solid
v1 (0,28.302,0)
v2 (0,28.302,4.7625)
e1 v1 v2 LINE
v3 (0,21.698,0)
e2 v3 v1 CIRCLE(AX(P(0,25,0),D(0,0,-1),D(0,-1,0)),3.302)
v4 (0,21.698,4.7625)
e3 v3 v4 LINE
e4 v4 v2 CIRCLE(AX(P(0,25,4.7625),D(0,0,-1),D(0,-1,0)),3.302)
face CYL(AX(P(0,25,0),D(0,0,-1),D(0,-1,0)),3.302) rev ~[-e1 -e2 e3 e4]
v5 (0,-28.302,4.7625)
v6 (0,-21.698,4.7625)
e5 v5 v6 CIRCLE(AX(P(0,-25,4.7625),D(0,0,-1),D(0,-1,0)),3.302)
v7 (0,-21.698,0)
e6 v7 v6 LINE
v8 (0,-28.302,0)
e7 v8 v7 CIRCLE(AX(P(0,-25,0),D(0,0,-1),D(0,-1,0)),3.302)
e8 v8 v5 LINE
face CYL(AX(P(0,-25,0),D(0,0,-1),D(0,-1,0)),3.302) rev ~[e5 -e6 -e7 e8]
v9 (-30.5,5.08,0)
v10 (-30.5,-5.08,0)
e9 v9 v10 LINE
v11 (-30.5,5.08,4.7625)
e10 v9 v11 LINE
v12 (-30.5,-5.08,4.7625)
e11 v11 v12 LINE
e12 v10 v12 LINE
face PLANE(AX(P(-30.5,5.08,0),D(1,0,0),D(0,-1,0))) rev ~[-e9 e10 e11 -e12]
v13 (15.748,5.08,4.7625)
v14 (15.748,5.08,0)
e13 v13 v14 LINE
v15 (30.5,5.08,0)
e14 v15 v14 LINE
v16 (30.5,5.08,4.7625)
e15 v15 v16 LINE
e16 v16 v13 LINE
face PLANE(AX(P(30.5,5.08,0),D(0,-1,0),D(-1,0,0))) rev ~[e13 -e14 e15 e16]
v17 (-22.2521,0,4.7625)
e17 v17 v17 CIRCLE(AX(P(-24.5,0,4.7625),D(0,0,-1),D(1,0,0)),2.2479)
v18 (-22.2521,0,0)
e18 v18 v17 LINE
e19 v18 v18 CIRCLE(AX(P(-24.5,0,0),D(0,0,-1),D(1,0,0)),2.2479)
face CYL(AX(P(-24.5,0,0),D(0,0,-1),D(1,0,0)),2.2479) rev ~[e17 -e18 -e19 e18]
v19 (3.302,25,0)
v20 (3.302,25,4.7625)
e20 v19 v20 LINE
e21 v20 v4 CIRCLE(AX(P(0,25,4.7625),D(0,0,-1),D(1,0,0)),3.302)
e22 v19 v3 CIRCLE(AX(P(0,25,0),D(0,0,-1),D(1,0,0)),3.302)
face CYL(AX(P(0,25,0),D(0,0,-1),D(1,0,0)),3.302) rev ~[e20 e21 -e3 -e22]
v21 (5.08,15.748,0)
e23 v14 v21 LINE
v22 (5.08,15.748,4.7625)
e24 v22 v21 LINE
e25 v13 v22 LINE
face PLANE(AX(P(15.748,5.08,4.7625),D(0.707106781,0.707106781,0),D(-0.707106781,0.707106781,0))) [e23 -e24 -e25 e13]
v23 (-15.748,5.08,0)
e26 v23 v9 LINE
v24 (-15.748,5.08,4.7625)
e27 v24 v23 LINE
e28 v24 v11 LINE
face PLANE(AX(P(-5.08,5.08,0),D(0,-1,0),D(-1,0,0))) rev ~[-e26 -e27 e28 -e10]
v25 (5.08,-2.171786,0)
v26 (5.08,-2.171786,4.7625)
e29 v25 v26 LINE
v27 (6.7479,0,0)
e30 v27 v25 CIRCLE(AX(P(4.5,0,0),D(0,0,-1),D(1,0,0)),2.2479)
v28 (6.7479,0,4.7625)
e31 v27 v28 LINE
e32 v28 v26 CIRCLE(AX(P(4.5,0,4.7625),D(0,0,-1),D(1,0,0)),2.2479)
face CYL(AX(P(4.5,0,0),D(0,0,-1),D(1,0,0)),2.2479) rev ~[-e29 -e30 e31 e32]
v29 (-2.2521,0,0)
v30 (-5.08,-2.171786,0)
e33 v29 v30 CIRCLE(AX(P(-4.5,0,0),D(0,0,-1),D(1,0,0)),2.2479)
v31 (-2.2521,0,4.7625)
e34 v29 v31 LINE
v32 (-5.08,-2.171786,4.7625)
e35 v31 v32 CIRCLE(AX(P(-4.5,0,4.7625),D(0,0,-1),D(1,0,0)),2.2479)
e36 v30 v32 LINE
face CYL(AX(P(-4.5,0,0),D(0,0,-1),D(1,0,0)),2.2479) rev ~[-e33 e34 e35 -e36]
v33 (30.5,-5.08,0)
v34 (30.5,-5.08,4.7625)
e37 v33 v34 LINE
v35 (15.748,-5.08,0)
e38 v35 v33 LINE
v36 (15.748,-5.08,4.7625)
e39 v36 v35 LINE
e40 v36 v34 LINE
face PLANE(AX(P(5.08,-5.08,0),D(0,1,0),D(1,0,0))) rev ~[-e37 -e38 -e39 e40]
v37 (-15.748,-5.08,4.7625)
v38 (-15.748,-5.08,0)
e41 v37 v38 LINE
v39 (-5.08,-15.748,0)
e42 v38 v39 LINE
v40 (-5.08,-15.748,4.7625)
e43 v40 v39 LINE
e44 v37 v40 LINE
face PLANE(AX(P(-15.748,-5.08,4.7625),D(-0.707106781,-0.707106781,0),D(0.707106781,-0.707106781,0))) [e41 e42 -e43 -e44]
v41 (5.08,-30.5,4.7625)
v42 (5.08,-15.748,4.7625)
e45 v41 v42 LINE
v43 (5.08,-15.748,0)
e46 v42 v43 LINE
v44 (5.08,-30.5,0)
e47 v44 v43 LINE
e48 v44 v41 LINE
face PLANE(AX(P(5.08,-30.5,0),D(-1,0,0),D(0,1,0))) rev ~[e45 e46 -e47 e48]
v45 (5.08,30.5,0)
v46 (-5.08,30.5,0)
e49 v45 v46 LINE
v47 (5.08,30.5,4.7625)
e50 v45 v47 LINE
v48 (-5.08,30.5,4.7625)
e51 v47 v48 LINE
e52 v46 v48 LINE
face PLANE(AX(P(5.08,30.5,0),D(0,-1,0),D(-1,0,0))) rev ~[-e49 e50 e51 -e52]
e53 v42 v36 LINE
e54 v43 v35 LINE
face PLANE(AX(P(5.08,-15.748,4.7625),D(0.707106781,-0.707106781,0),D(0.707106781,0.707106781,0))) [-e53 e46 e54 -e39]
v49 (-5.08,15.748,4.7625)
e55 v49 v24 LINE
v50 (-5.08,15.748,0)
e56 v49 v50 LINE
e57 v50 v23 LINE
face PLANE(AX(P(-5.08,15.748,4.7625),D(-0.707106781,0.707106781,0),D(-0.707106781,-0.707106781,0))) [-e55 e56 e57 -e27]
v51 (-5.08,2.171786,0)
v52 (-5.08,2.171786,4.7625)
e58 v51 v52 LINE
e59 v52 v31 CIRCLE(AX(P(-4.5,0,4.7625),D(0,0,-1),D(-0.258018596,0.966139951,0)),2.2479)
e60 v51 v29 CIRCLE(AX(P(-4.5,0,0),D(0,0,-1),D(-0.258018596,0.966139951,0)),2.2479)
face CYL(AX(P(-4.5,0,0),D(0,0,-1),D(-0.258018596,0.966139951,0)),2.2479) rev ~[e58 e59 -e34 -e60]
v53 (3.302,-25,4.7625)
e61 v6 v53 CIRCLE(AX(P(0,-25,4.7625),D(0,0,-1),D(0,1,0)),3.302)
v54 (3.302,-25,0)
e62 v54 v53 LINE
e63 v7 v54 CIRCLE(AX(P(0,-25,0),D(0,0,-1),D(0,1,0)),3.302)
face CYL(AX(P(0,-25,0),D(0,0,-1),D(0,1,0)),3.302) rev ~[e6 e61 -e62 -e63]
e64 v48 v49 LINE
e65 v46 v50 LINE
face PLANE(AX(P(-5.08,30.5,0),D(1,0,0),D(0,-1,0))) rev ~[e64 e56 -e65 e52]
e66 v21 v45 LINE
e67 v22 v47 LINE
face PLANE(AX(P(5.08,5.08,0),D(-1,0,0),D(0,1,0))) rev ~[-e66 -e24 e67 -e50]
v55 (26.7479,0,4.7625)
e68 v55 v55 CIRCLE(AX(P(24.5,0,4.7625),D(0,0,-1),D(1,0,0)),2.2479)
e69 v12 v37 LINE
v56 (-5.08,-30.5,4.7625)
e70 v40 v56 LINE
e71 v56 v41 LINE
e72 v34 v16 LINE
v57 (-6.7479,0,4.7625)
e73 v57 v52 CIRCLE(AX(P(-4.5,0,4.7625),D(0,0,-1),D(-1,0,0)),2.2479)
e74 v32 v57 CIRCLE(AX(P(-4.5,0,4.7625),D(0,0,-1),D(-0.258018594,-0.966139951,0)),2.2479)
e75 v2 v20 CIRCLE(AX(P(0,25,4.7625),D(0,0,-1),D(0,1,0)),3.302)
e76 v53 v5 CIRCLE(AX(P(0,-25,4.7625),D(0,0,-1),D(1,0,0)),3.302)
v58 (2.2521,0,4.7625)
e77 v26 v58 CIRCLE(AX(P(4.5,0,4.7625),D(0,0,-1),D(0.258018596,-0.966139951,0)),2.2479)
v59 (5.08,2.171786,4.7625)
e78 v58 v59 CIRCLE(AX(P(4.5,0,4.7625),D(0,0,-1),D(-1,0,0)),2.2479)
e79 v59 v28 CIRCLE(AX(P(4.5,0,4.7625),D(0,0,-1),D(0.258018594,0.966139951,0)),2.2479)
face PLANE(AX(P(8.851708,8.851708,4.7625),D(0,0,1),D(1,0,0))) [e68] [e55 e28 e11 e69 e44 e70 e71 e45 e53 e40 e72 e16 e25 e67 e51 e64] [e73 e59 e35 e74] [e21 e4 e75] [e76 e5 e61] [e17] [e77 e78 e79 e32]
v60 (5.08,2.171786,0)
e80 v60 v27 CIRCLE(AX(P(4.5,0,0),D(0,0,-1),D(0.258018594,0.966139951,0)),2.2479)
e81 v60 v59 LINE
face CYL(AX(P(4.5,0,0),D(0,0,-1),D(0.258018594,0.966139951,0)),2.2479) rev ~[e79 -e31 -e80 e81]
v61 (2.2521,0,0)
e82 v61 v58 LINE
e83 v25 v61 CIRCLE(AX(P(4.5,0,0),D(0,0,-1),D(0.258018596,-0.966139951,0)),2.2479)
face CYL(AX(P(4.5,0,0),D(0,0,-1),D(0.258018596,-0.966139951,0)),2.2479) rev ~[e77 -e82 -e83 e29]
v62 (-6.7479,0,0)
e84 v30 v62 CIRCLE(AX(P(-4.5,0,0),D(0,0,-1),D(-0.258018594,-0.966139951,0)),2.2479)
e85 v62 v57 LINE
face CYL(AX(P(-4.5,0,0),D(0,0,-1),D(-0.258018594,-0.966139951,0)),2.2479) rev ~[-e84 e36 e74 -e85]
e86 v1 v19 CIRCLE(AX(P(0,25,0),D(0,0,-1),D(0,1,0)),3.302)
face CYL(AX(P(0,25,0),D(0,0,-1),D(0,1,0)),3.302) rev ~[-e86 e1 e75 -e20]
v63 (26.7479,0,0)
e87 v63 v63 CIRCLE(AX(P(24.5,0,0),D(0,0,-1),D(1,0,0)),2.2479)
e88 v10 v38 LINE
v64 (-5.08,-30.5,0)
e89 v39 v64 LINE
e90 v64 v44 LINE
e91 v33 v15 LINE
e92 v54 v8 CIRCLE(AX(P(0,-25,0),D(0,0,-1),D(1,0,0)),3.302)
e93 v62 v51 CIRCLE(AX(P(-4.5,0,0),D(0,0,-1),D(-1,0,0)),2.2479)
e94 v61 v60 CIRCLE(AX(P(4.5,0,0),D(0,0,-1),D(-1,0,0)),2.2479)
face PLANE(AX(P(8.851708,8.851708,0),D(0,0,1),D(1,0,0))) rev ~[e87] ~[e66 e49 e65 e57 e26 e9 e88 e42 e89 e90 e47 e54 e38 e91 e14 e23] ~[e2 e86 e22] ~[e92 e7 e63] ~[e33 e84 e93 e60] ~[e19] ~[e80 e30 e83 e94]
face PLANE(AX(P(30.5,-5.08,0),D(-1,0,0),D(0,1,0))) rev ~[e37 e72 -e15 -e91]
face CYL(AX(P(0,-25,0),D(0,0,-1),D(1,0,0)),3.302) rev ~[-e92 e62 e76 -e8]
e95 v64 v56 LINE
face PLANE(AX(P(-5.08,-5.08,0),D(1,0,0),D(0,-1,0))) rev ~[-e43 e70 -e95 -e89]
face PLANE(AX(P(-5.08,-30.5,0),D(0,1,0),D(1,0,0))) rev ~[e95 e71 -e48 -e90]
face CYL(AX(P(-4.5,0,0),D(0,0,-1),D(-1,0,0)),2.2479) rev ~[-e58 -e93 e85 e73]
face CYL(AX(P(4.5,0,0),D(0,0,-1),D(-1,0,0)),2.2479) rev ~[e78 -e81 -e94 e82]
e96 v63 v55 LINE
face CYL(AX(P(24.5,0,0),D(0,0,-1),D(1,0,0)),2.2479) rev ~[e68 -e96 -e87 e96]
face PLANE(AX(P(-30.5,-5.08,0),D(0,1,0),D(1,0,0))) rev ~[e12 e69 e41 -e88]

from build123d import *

# Parameters (mm, degrees)
BOSS_EXTRUDE5_DEPTH = 4.7625
BOSS_EXTRUDE6_DEPTH = 4.7625


with BuildPart() as part:
    # Sketch1 → Boss-Extrude5 (new body)
    with BuildSketch(Plane.XY):
        with BuildLine():
            Line((0, 28.302), (0, 30.5))
            Line((0, 30.5), (-5.08, 30.5))
            Line((-5.08, 30.5), (-5.08, 5.08))
            Line((-5.08, 5.08), (0, 5.08))
            Line((0, 5.08), (0, 21.698))
            ThreePointArc((0, 21.698), (-3.302, 25), (0, 28.302))
        make_face()
        with BuildLine():
            Line((5.08, 30.5), (0, 30.5))
            Line((0, 30.5), (0, 28.302))
            ThreePointArc((0, 28.302), (2.334866591, 27.334866591), (3.302, 25))
            ThreePointArc((3.302, 25), (2.334866591, 22.665133409), (0, 21.698))
            Line((0, 21.698), (0, 5.08))
            Line((0, 5.08), (5.08, 5.08))
            Line((5.08, 5.08), (5.08, 30.5))
        make_face()
        with BuildLine():
            Line((30.5, 5.08), (5.08, 5.08))
            Line((5.08, 5.08), (5.08, 2.171785995))
            ThreePointArc((5.08, 2.171785995), (6.282811882, 1.369173548), (6.7479, 0))
            Line((6.7479, 0), (22.2521, 0))
            ThreePointArc((22.2521, 0), (24.5, 2.2479), (26.7479, 0))
            Line((26.7479, 0), (30.5, 0))
            Line((30.5, 0), (30.5, 5.08))
        make_face()
        with BuildLine():
            Line((22.2521, 0), (6.7479, 0))
            ThreePointArc((6.7479, 0), (6.282811882, -1.369173548), (5.08, -2.171785995))
            Line((5.08, -2.171785995), (5.08, -5.08))
            Line((5.08, -5.08), (30.5, -5.08))
            Line((30.5, -5.08), (30.5, 0))
            Line((30.5, 0), (26.7479, 0))
            ThreePointArc((26.7479, 0), (24.5, -2.2479), (22.2521, 0))
        make_face()
        with BuildLine():
            Line((2.2521, 0), (0, 0))
            Line((0, 0), (0, -5.08))
            Line((0, -5.08), (5.08, -5.08))
            Line((5.08, -5.08), (5.08, -2.171785995))
            ThreePointArc((5.08, -2.171785995), (3.130826452, -1.782811882), (2.2521, 0))
        make_face()
        with BuildLine():
            Line((0, -5.08), (0, 0))
            Line((0, 0), (-2.2521, 0))
            ThreePointArc((-2.2521, 0), (-3.130826452, -1.782811882), (-5.08, -2.171785995))
            Line((-5.08, -2.171785995), (-5.08, -5.08))
            Line((-5.08, -5.08), (0, -5.08))
        make_face()
        with BuildLine():
            Line((5.08, 2.171785995), (5.08, 5.08))
            Line((5.08, 5.08), (0, 5.08))
            Line((0, 5.08), (0, 0))
            Line((0, 0), (2.2521, 0))
            ThreePointArc((2.2521, 0), (3.130826452, 1.782811882), (5.08, 2.171785995))
        make_face()
        with BuildLine():
            Line((0, 5.08), (-5.08, 5.08))
            Line((-5.08, 5.08), (-5.08, 2.171785995))
            ThreePointArc((-5.08, 2.171785995), (-3.130826452, 1.782811882), (-2.2521, 0))
            Line((-2.2521, 0), (0, 0))
            Line((0, 0), (0, 5.08))
        make_face()
        with BuildLine():
            Line((-5.08, 2.171785995), (-5.08, 5.08))
            Line((-5.08, 5.08), (-30.5, 5.08))
            Line((-30.5, 5.08), (-30.5, 0))
            Line((-30.5, 0), (-26.7479, 0))
            ThreePointArc((-26.7479, 0), (-24.5, 2.2479), (-22.2521, 0))
            Line((-22.2521, 0), (-6.7479, 0))
            ThreePointArc((-6.7479, 0), (-6.282811882, 1.369173548), (-5.08, 2.171785995))
        make_face()
        with BuildLine():
            ThreePointArc((-5.08, -2.171785995), (-6.282811882, -1.369173548), (-6.7479, 0))
            Line((-6.7479, 0), (-22.2521, 0))
            ThreePointArc((-22.2521, 0), (-24.5, -2.2479), (-26.7479, 0))
            Line((-26.7479, 0), (-30.5, 0))
            Line((-30.5, 0), (-30.5, -5.08))
            Line((-30.5, -5.08), (-5.08, -5.08))
            Line((-5.08, -5.08), (-5.08, -2.171785995))
        make_face()
        with BuildLine():
            Line((0, -21.698), (0, -5.08))
            Line((0, -5.08), (-5.08, -5.08))
            Line((-5.08, -5.08), (-5.08, -30.5))
            Line((-5.08, -30.5), (0, -30.5))
            Line((0, -30.5), (0, -28.302))
            ThreePointArc((0, -28.302), (-3.302, -25), (0, -21.698))
        make_face()
        with BuildLine():
            Line((5.08, -5.08), (0, -5.08))
            Line((0, -5.08), (0, -21.698))
            ThreePointArc((0, -21.698), (2.334866591, -22.665133409), (3.302, -25))
            ThreePointArc((3.302, -25), (2.334866591, -27.334866591), (0, -28.302))
            Line((0, -28.302), (0, -30.5))
            Line((0, -30.5), (5.08, -30.5))
            Line((5.08, -30.5), (5.08, -5.08))
        make_face()
    extrude(amount=BOSS_EXTRUDE5_DEPTH)

    # Sketch3 → Boss-Extrude6 (add)
    with BuildSketch(Plane.XY.offset(4.7625)):
        Polygon((5.08, 5.08), (15.748, 5.08), (5.08, 15.748), align=None)
        Polygon((5.08, -5.08), (5.08, -15.748), (15.748, -5.08), align=None)
        Polygon((-5.08, -5.08), (-15.748, -5.08), (-5.08, -15.748), align=None)
        Polygon((-15.748, 5.08), (-5.08, 5.08), (-5.08, 15.748), align=None)
    extrude(amount=-BOSS_EXTRUDE6_DEPTH)


solid = part.part
